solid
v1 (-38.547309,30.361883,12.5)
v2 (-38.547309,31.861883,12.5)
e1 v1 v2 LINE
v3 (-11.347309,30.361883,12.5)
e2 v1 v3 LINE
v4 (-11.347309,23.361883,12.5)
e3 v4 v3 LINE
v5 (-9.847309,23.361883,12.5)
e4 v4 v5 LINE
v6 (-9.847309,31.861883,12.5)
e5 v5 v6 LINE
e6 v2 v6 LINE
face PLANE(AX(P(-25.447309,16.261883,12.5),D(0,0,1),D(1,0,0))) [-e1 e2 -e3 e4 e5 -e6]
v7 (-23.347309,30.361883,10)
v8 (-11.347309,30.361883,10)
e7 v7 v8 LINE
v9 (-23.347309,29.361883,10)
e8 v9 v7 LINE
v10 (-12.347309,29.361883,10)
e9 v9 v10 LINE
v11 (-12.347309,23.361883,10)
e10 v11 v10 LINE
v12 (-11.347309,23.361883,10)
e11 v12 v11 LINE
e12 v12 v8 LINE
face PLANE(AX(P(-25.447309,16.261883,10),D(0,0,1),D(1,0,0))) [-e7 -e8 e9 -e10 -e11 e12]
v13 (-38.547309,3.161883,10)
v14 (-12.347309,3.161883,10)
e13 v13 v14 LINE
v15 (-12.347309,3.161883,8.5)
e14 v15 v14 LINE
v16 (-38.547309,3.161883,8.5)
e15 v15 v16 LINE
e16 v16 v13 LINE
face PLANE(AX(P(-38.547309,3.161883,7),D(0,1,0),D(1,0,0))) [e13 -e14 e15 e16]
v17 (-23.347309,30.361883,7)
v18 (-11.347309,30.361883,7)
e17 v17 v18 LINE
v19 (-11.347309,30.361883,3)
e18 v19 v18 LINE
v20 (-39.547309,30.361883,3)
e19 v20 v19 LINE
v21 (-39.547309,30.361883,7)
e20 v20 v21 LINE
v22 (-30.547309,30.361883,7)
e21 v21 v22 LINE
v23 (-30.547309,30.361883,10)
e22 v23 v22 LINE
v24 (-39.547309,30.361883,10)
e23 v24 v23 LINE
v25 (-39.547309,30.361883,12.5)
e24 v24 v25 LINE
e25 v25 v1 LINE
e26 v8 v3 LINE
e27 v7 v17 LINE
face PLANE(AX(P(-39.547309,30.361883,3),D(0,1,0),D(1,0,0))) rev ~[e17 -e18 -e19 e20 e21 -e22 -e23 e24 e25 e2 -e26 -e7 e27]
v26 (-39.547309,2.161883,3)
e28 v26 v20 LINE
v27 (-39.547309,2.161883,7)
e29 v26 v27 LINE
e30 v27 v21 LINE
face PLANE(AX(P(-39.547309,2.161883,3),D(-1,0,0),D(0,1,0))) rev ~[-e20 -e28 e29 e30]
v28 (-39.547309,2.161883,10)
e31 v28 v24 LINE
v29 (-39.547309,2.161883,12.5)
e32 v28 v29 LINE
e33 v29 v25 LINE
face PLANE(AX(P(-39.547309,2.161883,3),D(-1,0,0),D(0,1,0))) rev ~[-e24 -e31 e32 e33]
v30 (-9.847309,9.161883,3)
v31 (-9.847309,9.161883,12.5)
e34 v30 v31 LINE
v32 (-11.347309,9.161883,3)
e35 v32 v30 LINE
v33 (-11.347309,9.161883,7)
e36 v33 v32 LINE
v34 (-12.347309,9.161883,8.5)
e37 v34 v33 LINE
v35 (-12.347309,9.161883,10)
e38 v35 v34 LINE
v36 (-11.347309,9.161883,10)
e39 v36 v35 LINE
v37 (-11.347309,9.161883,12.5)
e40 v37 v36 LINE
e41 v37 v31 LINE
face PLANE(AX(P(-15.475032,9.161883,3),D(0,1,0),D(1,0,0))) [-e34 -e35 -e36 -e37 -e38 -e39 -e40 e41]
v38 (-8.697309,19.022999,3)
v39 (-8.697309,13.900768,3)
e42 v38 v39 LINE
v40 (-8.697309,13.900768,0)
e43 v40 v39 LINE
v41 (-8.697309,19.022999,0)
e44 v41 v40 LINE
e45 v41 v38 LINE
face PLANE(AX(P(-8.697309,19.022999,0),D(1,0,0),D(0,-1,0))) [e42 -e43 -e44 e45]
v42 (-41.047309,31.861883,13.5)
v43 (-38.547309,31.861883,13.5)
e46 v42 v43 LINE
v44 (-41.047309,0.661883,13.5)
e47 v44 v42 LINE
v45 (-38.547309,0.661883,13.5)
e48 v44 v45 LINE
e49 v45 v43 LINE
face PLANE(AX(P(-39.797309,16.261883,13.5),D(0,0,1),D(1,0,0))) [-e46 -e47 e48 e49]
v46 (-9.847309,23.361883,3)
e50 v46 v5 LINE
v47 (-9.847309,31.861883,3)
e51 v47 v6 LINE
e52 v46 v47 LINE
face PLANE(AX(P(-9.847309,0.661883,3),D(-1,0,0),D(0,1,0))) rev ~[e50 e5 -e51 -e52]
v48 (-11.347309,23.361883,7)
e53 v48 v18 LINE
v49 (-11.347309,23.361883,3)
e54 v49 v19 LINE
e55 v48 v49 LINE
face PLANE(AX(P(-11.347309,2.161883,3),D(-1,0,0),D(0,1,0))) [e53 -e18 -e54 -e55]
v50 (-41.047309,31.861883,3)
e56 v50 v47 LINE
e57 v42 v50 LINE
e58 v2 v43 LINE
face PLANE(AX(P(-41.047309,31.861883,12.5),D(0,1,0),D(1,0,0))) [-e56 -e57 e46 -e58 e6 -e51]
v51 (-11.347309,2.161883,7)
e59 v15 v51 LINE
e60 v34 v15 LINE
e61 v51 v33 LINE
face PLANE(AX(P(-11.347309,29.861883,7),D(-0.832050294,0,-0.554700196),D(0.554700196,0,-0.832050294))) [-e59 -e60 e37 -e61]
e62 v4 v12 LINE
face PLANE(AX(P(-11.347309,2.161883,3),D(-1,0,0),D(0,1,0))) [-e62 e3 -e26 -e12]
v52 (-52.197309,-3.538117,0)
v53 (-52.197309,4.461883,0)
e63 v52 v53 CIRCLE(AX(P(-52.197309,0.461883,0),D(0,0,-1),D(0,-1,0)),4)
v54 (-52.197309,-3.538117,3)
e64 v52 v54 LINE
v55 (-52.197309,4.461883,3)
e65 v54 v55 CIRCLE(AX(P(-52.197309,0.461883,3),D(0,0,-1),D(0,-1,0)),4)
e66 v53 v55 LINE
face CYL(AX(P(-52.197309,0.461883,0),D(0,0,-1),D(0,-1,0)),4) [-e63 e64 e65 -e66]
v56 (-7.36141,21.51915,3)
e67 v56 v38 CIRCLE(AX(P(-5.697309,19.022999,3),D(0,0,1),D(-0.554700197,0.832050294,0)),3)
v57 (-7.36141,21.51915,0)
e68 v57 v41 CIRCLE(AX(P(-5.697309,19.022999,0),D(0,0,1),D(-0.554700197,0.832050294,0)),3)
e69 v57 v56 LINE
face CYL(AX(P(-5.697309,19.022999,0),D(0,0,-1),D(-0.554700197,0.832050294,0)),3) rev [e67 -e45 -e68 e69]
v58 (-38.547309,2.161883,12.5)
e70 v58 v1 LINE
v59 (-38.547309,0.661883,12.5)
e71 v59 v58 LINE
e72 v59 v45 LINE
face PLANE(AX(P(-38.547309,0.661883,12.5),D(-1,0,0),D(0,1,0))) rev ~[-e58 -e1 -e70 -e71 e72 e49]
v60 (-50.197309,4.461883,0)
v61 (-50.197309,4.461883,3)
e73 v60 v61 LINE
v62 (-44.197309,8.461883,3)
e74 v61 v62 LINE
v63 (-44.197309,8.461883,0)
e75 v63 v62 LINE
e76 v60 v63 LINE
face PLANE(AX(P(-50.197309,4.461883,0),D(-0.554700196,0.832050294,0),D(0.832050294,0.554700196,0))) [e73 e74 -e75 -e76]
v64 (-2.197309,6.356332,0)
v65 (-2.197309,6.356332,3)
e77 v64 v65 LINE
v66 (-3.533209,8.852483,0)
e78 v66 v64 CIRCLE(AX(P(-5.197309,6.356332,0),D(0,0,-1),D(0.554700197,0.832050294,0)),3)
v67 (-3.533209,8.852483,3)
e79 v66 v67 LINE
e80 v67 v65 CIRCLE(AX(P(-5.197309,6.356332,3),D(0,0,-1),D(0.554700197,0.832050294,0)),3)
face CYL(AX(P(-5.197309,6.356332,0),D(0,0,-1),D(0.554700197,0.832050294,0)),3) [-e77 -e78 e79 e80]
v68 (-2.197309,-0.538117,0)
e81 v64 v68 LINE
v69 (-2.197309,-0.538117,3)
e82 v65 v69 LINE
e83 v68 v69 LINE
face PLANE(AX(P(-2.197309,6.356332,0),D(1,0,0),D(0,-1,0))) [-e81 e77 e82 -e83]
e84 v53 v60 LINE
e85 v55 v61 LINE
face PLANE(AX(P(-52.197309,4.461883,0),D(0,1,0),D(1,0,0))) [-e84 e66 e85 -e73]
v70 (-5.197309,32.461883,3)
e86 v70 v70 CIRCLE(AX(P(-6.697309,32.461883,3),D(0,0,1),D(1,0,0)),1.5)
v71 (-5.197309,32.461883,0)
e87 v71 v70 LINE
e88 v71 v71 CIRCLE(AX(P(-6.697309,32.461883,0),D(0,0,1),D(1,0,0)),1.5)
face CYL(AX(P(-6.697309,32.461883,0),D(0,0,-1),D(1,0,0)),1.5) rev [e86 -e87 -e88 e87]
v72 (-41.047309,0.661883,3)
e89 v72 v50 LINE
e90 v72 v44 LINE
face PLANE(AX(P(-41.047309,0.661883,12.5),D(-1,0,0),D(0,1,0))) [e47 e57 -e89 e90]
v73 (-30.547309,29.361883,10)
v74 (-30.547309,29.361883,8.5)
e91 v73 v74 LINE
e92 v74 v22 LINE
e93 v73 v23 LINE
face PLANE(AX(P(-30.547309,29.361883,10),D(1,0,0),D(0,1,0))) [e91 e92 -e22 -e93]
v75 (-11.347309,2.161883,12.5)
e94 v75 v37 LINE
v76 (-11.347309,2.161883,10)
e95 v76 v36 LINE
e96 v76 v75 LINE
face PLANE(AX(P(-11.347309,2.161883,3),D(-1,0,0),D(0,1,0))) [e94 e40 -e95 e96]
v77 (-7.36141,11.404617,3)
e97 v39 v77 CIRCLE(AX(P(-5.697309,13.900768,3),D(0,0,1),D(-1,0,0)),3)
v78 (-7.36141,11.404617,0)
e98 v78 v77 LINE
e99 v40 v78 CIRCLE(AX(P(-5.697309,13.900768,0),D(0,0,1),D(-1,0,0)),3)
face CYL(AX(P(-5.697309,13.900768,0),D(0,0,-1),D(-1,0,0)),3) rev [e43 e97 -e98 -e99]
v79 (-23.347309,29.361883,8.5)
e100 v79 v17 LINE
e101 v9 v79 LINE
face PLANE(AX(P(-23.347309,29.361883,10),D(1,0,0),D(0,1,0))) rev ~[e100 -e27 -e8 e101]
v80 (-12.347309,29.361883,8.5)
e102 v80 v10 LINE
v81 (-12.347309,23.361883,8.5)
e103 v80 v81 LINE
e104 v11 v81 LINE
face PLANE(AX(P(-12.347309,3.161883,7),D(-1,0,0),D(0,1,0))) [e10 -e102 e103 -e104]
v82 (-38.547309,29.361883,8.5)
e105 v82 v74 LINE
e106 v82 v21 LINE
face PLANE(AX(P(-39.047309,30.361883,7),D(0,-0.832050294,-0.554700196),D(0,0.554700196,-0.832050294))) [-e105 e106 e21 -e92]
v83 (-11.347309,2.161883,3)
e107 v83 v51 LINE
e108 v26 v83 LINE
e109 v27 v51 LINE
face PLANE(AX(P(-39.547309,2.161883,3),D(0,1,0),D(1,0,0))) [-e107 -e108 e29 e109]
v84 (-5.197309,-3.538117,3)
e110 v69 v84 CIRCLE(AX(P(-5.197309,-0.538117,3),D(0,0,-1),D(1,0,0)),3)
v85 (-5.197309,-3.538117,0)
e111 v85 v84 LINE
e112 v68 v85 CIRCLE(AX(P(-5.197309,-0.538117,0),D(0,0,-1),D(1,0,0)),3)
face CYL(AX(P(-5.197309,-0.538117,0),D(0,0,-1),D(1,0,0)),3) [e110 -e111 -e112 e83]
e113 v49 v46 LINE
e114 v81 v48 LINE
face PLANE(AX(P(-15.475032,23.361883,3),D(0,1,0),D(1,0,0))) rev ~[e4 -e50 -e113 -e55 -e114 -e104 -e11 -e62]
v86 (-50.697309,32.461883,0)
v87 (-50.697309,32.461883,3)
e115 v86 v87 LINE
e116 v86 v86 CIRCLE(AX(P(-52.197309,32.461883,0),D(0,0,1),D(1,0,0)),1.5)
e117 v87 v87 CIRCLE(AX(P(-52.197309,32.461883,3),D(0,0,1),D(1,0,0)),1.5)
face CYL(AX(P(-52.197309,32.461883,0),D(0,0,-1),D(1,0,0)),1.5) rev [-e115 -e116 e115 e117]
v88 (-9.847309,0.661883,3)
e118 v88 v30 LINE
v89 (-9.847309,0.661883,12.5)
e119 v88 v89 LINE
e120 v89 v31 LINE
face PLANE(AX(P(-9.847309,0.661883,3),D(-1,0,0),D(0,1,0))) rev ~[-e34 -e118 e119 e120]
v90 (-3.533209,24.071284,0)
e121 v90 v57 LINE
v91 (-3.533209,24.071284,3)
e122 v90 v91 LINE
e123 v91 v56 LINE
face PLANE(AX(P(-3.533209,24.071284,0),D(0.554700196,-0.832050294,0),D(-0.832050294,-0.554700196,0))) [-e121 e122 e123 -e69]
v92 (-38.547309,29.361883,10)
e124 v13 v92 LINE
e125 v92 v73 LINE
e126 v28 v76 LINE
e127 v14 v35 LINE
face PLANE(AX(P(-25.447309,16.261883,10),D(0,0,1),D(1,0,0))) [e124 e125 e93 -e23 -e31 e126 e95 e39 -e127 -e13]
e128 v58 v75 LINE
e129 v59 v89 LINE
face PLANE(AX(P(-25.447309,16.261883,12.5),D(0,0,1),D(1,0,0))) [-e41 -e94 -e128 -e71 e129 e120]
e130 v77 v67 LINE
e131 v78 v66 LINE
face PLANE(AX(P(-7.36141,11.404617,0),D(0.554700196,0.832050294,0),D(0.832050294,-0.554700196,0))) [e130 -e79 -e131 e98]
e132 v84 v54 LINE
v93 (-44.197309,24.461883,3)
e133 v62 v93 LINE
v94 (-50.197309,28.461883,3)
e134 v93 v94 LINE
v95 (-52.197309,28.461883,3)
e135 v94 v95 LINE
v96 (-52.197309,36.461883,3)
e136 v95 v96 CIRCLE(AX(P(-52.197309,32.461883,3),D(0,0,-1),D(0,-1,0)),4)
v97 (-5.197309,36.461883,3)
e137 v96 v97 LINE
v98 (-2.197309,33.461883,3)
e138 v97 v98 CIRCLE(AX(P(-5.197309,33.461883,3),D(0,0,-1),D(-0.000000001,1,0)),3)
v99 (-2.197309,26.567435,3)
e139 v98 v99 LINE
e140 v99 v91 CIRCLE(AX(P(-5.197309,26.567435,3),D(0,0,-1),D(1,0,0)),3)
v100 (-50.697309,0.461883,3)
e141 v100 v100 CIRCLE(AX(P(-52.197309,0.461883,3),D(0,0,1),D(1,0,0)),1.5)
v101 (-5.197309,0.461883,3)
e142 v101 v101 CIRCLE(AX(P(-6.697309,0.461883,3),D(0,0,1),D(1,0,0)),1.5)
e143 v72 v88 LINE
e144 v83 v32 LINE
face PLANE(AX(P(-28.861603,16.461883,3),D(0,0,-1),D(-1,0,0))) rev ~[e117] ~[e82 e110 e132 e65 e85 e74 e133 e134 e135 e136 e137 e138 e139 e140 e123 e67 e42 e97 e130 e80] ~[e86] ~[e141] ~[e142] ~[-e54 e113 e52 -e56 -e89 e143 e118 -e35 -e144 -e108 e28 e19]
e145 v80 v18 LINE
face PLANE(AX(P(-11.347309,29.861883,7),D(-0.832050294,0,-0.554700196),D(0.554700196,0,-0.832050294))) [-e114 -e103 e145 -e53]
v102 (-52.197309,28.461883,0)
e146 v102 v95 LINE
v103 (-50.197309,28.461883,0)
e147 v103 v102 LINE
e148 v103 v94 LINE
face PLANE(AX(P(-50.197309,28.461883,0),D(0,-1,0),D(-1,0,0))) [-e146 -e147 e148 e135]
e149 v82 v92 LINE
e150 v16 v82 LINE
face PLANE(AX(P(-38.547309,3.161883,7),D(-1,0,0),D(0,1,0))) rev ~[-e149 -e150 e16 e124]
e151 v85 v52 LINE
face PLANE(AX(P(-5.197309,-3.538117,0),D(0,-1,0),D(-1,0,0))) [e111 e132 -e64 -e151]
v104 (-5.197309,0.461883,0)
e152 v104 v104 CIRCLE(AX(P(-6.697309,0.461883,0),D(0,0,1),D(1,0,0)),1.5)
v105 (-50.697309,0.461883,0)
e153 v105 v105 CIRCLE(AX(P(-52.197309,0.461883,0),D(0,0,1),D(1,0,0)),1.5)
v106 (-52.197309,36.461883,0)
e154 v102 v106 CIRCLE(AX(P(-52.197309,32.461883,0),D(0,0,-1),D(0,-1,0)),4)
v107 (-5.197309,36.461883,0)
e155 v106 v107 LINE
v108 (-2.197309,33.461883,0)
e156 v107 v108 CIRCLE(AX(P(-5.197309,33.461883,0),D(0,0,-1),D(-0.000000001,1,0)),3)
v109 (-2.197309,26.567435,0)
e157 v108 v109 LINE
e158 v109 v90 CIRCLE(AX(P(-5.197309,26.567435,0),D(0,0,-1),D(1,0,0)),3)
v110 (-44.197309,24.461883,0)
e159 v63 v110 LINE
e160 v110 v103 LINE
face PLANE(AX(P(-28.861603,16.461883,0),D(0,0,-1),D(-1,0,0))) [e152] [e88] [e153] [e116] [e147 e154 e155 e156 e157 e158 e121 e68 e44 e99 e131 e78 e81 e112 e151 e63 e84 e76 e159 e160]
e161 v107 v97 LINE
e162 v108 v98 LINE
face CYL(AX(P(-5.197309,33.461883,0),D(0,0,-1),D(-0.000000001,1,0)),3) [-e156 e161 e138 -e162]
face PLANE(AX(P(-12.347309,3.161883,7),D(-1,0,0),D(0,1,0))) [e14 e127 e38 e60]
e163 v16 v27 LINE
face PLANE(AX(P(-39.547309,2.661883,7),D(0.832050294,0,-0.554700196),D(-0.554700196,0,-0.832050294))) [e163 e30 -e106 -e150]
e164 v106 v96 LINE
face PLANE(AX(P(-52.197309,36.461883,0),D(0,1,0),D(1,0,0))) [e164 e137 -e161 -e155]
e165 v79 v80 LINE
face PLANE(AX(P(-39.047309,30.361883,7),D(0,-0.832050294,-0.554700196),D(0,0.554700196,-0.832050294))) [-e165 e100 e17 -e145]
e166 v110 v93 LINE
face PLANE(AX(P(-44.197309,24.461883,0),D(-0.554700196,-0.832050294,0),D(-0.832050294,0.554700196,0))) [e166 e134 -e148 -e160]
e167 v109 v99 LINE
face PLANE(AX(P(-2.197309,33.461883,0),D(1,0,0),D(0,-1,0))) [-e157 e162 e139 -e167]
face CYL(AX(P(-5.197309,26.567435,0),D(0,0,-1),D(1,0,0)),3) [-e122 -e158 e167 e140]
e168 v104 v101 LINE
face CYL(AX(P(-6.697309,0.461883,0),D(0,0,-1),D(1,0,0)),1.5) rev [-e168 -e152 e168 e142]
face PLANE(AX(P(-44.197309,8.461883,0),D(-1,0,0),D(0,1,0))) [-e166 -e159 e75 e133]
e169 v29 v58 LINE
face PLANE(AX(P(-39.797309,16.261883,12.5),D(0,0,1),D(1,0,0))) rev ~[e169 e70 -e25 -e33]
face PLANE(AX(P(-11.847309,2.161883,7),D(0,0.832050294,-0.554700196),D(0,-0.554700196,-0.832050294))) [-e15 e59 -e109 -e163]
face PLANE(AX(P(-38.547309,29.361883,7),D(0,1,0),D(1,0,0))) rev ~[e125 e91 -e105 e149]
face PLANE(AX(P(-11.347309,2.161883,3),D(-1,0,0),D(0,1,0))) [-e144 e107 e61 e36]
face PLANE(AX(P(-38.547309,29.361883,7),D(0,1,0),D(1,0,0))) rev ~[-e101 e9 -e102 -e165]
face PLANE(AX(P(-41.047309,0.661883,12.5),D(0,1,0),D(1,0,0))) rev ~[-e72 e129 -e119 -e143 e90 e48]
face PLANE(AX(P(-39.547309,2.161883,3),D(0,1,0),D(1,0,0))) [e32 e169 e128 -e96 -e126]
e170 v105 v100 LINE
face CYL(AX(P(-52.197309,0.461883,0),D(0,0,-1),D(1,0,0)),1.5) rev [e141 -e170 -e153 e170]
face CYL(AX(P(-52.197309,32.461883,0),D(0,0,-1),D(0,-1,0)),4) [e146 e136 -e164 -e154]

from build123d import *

# Parameters (mm, degrees)
CROQUIS1_R              = 1.5
SALIENTE_EXTRUIR1_DEPTH = 3
CROQUIS2_W              = 31.2
CROQUIS2_H              = 31.2
CROQUIS2_W_2            = 28.2
CROQUIS2_H_2            = 28.2
SALIENTE_EXTRUIR2_DEPTH = 9.5
CROQUIS4_W              = 28.2
CROQUIS4_H              = 28.2
CROQUIS4_W_2            = 26.2
CROQUIS4_H_2            = 26.2
SALIENTE_EXTRUIR3_DEPTH = 3
CORTAR_EXTRUIR1_REACH   = 69.732
CROQUIS8_W              = 7.2
CROQUIS8_H              = 1
CORTAR_EXTRUIR2_START   = -9.5
CROQUIS9_W              = 5.627722912
CROQUIS9_H              = 14.2
CORTAR_EXTRUIR2_DEPTH   = 9.5
CROQUIS10_W             = 2.5
CROQUIS10_H             = 31.2
SALIENTE_EXTRUIR4_DEPTH = 1


with BuildPart() as part:
    # Croquis1 → Saliente-Extruir1 (new body)
    with BuildSketch(Plane.XY):
        with BuildLine():
            Line((-52.197309417, 4.461883408), (-50.197309417, 4.461883408))
            Line((-50.197309417, 4.461883408), (-44.197309417, 8.461883408))
            Line((-44.197309417, 8.461883408), (-44.197309417, 24.461883408))
            Line((-44.197309417, 24.461883408), (-50.197309417, 28.461883408))
            Line((-50.197309417, 28.461883408), (-52.197309417, 28.461883408))
            ThreePointArc((-52.197309417, 28.461883408), (-56.197309417, 32.461883408), (-52.197309417, 36.461883408))
            Line((-52.197309417, 36.461883408), (-5.197309417, 36.461883408))
            ThreePointArc((-5.197309417, 36.461883408), (-3.075989073, 35.583203752), (-2.197309417, 33.461883408))
            Line((-2.197309417, 33.461883408), (-2.197309417, 26.567434684))
            ThreePointArc((-2.197309417, 26.567434684), (-2.552285621, 25.151860907), (-3.533208828, 24.071283801))
            Line((-3.533208828, 24.071283801), (-7.361410006, 21.519149682))
            ThreePointArc((-7.361410006, 21.519149682), (-8.342333213, 20.438572576), (-8.697309417, 19.022998799))
            Line((-8.697309417, 19.022998799), (-8.697309417, 13.900768017))
            ThreePointArc((-8.697309417, 13.900768017), (-8.342333213, 12.48519424), (-7.361410006, 11.404617134))
            Line((-7.361410006, 11.404617134), (-3.533208828, 8.852483016))
            ThreePointArc((-3.533208828, 8.852483016), (-2.552285621, 7.771905909), (-2.197309417, 6.356332133))
            Line((-2.197309417, 6.356332133), (-2.197309417, -0.538116592))
            ThreePointArc((-2.197309417, -0.538116592), (-3.075989073, -2.659436935), (-5.197309417, -3.538116592))
            Line((-5.197309417, -3.538116592), (-52.197309417, -3.538116592))
            ThreePointArc((-52.197309417, -3.538116592), (-56.197309417, 0.461883408), (-52.197309417, 4.461883408))
        make_face()
        with Locations((-6.697309417, 32.461883408)):
            Circle(CROQUIS1_R, mode=Mode.SUBTRACT)
        with Locations((-52.197309417, 0.461883408)):
            Circle(CROQUIS1_R, mode=Mode.SUBTRACT)
        with Locations((-6.697309417, 0.461883408)):
            Circle(CROQUIS1_R, mode=Mode.SUBTRACT)
        with Locations((-52.197309417, 32.461883408)):
            Circle(CROQUIS1_R, mode=Mode.SUBTRACT)
    extrude(amount=SALIENTE_EXTRUIR1_DEPTH)

    # Croquis2 → Saliente-Extruir2 (add)
    with BuildSketch(Plane.XY.offset(3)):
        with Locations((-25.447309417, 16.261883408)):
            Rectangle(CROQUIS2_W, CROQUIS2_H)
        with Locations((-25.447309417, 16.261883408)):
            Rectangle(CROQUIS2_W_2, CROQUIS2_H_2, mode=Mode.SUBTRACT)
    extrude(amount=SALIENTE_EXTRUIR2_DEPTH)

    # Croquis4 → Saliente-Extruir3 (add)
    with BuildSketch(Plane.XY.offset(7)):
        with Locations((-25.447309417, 16.261883408)):
            Rectangle(CROQUIS4_W, CROQUIS4_H)
        with Locations((-25.447309417, 16.261883408)):
            Rectangle(CROQUIS4_W_2, CROQUIS4_H_2, mode=Mode.SUBTRACT)
    extrude(amount=SALIENTE_EXTRUIR3_DEPTH)

    # Cortar-Barrer1: sweep along a path in Croquis7
    with BuildLine(Plane.XY.offset(10)) as cortar_barrer1_path:
        Line((-39.047309417, 29.861883408), (-11.847309417, 29.861883408))
        Line((-11.847309417, 29.861883408), (-11.847309417, 2.661883408))
        Line((-11.847309417, 2.661883408), (-39.047309417, 2.661883408))
        Line((-39.047309417, 2.661883408), (-39.047309417, 29.861883408))
    # Croquis6 → Cortar-Barrer1 (sweep, cut)
    with BuildSketch(Plane(origin=(0, 3.161883408, 0), x_dir=(-1, 0, 0), z_dir=(0, -1, 0))):
        Polygon((38.547309417, -8.5), (38.547309417, -7), (39.547309417, -7), align=None)
    sweep(path=cortar_barrer1_path.line, transition=Transition.RIGHT, mode=Mode.SUBTRACT)

    # Cortar-Extruir1: up to this plane
    cortar_extruir1_end = Plane(origin=(-39.697309417, 30.361883408, 7), z_dir=(0, -0.8320502943378436, -0.5547001962252293))
    # Croquis8 → Cortar-Extruir1 (cut, up to the surface)
    with BuildSketch(Plane.XY.offset(10), mode=Mode.PRIVATE) as cortar_extruir1_sk1:
        with Locations((-26.947309417, 29.861883408)):
            Rectangle(CROQUIS8_W, CROQUIS8_H)
    cortar_extruir1_tool1 = split(extrude(cortar_extruir1_sk1.sketch, amount=-CORTAR_EXTRUIR1_REACH, mode=Mode.PRIVATE), bisect_by=cortar_extruir1_end, keep=Keep.BOTH, mode=Mode.PRIVATE)
    add(cortar_extruir1_tool1.solids().sort_by_distance((-26.947309, 29.861883, 10))[0], mode=Mode.SUBTRACT)

    # Croquis9 → Cortar-Extruir2 (cut)
    with BuildSketch(Plane.XY.offset(12.5).offset(CORTAR_EXTRUIR2_START)):
        with Locations((-12.661170873, 16.261883408)):
            Rectangle(CROQUIS9_W, CROQUIS9_H)
    extrude(amount=CORTAR_EXTRUIR2_DEPTH, mode=Mode.SUBTRACT)

    # Croquis10 → Saliente-Extruir4 (add)
    with BuildSketch(Plane.XY.offset(12.5)):
        with Locations((-39.797309417, 16.261883408)):
            Rectangle(CROQUIS10_W, CROQUIS10_H)
    extrude(amount=SALIENTE_EXTRUIR4_DEPTH)


solid = part.part
